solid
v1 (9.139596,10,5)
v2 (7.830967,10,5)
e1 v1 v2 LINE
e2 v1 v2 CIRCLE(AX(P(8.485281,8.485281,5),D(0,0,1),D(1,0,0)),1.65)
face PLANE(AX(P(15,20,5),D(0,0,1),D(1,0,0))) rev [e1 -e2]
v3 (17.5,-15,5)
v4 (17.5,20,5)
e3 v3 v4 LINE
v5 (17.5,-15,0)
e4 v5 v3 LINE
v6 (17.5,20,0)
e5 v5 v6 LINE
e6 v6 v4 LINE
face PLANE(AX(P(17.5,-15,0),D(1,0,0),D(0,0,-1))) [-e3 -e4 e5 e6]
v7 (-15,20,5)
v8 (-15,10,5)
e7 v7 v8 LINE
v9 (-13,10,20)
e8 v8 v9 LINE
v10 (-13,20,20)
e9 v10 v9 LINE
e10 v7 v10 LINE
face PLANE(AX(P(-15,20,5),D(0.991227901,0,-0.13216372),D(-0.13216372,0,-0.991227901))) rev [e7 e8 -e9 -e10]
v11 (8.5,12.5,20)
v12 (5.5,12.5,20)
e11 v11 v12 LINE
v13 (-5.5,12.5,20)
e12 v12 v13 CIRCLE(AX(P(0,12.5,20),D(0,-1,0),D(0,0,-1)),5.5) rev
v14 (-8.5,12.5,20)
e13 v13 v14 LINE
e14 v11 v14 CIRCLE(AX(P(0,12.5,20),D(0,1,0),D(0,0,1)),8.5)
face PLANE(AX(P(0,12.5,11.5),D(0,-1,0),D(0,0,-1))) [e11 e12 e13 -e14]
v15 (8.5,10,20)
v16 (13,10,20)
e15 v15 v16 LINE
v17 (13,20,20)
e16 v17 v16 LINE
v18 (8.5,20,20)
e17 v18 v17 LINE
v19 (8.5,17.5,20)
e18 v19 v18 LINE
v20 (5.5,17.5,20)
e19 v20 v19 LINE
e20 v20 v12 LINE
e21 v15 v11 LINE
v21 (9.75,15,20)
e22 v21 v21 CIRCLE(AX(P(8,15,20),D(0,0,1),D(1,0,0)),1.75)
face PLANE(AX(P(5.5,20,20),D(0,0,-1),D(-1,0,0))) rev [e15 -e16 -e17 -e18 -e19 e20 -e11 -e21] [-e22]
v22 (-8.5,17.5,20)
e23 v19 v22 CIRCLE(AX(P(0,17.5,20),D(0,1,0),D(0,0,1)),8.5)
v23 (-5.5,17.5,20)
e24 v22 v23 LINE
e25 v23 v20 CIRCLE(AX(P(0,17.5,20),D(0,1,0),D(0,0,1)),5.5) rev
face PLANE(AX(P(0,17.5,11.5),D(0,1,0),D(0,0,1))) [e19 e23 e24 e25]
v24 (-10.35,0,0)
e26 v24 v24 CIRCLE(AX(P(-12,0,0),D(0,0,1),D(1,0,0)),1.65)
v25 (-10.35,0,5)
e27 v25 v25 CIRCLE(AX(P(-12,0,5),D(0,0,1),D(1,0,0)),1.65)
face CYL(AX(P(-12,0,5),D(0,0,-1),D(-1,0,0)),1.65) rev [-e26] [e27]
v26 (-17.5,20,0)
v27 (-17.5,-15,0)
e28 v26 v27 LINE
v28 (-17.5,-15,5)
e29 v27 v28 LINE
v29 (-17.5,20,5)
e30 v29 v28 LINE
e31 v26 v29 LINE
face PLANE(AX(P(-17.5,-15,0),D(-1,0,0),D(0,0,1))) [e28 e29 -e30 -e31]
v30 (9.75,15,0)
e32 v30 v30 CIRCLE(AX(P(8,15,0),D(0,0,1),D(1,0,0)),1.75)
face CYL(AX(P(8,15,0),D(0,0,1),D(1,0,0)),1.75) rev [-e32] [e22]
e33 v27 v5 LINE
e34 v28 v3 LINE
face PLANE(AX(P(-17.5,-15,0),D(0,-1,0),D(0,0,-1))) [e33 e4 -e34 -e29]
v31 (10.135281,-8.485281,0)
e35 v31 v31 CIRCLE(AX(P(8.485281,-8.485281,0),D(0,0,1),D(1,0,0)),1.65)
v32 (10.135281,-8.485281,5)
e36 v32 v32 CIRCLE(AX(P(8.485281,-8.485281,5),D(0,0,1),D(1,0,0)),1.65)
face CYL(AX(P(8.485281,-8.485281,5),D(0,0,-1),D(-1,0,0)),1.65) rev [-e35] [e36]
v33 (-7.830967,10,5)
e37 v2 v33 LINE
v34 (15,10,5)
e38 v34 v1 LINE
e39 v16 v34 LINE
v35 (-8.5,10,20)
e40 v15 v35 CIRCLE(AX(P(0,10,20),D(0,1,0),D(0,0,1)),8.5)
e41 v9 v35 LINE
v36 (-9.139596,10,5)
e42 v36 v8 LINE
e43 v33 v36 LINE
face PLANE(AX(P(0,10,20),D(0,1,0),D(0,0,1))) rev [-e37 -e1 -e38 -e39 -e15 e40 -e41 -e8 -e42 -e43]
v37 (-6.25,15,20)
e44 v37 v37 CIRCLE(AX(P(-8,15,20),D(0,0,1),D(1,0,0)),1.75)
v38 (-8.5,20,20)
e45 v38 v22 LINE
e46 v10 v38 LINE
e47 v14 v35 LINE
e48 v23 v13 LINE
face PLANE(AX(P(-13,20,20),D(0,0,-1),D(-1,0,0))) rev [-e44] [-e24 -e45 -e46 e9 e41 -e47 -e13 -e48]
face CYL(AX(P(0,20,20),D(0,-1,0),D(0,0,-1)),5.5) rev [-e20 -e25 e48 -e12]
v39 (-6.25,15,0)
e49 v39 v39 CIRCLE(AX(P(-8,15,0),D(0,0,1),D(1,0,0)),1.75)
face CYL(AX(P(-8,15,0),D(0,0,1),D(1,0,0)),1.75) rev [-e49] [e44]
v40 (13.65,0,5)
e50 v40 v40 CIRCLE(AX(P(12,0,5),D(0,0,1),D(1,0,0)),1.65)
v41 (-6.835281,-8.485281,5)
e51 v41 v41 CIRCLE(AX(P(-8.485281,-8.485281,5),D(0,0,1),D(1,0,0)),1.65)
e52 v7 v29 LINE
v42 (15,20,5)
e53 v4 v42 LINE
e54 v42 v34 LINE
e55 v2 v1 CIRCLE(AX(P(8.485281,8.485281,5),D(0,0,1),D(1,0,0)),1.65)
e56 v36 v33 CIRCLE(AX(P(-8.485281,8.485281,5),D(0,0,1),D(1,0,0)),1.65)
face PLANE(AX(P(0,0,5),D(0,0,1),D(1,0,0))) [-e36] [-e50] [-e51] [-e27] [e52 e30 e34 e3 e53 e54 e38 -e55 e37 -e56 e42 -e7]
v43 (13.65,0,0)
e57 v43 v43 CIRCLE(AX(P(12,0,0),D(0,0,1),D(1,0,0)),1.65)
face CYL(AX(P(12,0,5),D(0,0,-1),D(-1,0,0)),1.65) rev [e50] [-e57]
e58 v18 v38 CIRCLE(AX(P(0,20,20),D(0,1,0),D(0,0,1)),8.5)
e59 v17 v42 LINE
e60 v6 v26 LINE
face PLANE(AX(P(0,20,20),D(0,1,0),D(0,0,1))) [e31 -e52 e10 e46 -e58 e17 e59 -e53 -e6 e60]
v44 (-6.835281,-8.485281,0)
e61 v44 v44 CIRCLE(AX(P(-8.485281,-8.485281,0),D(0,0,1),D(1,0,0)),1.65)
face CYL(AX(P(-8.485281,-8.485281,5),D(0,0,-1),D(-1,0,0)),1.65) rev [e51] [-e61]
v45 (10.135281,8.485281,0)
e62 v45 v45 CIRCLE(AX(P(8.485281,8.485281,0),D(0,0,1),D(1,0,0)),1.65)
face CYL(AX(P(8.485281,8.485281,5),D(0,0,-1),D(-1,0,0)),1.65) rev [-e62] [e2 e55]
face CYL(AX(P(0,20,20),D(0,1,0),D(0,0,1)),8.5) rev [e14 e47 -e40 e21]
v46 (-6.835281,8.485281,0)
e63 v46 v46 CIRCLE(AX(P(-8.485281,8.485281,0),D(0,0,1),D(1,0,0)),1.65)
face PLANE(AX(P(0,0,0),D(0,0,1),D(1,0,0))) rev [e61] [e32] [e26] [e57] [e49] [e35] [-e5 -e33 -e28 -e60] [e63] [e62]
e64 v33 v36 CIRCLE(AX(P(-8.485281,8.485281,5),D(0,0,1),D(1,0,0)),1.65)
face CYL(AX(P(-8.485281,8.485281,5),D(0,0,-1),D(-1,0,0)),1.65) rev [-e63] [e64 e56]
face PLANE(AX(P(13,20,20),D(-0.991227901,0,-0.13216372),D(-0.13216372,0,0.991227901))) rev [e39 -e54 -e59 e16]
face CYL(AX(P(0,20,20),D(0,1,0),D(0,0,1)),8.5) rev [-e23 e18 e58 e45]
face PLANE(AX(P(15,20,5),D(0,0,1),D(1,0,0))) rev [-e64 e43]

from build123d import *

# Parameters (mm, degrees)
ESBO_O1_W                  = 50
ESBO_O1_H                  = 50
ESBO_O1_R                  = 1.65
RESSALTO_EXTRUS_O1_DEPTH   = 5
RESSALTO_EXTRUS_O2_START   = 15
RESSALTO_EXTRUS_O2_DEPTH   = 5
ESBO_O4_W                  = 8.5
ESBO_O4_H                  = 2.5
CORTE_EXTRUS_O1_DEPTH      = 39.405728739
CORTE_EXTRUS_O1_DEPTH_BACK = 39.405728739
ESBO_O5_W                  = 50
ESBO_O5_H                  = 50
ESBO_O5_W_2                = 35
ESBO_O5_H_2                = 35
ESBO_O6_R                  = 1.75
CORTE_EXTRUS_O2_DEPTH      = 34.260336739


with BuildPart() as part:
    # Esboço1 → Ressalto-extrusão1 (new body)
    with BuildSketch(Plane.XY):
        Rectangle(ESBO_O1_W, ESBO_O1_H)
        with Locations((12, 0)):
            Circle(ESBO_O1_R, mode=Mode.SUBTRACT)
        with Locations((8.485281374, -8.485281374)):
            Circle(ESBO_O1_R, mode=Mode.SUBTRACT)
        with Locations((-8.485281374, -8.485281374)):
            Circle(ESBO_O1_R, mode=Mode.SUBTRACT)
        with Locations((-12, 0)):
            Circle(ESBO_O1_R, mode=Mode.SUBTRACT)
        with Locations((-8.485281374, 8.485281374)):
            Circle(ESBO_O1_R, mode=Mode.SUBTRACT)
        with Locations((8.485281374, 8.485281374)):
            Circle(ESBO_O1_R, mode=Mode.SUBTRACT)
    extrude(amount=RESSALTO_EXTRUS_O1_DEPTH)

    # Esboço2 → Ressalto-extrusão2 (add, symmetric)
    with BuildSketch(Plane(origin=(0, 0, 0), x_dir=(1, 0, 0), z_dir=(0, 1, 0)).offset(RESSALTO_EXTRUS_O2_START)):
        with BuildLine():
            Line((13, -20), (15, -5))
            Line((15, -5), (-15, -5))
            Line((-15, -5), (-13, -20))
            Line((-13, -20), (-5.5, -20))
            ThreePointArc((-5.5, -20), (0, -14.5), (5.5, -20))
            Line((5.5, -20), (13, -20))
        make_face()
    extrude(amount=RESSALTO_EXTRUS_O2_DEPTH, both=True)

    # Esboço4 → Corte-Revolução3 (revolve, cut)
    with BuildSketch(Plane(origin=(0, 0, 0), x_dir=(0, 0, -1), z_dir=(1, 0, 0))):
        with Locations((-15.75, 18.75)):
            Rectangle(ESBO_O4_W, ESBO_O4_H)
        with Locations((-15.75, 11.25)):
            Rectangle(ESBO_O4_W, ESBO_O4_H)
    revolve(axis=Axis((0, 20, 20), (0, -1, 0)), mode=Mode.SUBTRACT)

    # Esboço5 → Corte-extrusão1 (cut, two sides: drawn at the far end of the back side and taken through both)
    with BuildSketch(Plane.XY.offset(5).offset(-CORTE_EXTRUS_O1_DEPTH_BACK)):
        Rectangle(ESBO_O5_W, ESBO_O5_H)
        with Locations((0, 2.5)):
            Rectangle(ESBO_O5_W_2, ESBO_O5_H_2, mode=Mode.SUBTRACT)
    extrude(amount=CORTE_EXTRUS_O1_DEPTH + CORTE_EXTRUS_O1_DEPTH_BACK, mode=Mode.SUBTRACT)

    # Esboço6 → Corte-extrusão2 (cut, through all)
    with BuildSketch(Plane.XY.offset(20)):
        with Locations((-8, 15)):
            Circle(ESBO_O6_R)
        with Locations((8, 15)):
            Circle(ESBO_O6_R)
    extrude(amount=-CORTE_EXTRUS_O2_DEPTH, mode=Mode.SUBTRACT)


solid = part.part
